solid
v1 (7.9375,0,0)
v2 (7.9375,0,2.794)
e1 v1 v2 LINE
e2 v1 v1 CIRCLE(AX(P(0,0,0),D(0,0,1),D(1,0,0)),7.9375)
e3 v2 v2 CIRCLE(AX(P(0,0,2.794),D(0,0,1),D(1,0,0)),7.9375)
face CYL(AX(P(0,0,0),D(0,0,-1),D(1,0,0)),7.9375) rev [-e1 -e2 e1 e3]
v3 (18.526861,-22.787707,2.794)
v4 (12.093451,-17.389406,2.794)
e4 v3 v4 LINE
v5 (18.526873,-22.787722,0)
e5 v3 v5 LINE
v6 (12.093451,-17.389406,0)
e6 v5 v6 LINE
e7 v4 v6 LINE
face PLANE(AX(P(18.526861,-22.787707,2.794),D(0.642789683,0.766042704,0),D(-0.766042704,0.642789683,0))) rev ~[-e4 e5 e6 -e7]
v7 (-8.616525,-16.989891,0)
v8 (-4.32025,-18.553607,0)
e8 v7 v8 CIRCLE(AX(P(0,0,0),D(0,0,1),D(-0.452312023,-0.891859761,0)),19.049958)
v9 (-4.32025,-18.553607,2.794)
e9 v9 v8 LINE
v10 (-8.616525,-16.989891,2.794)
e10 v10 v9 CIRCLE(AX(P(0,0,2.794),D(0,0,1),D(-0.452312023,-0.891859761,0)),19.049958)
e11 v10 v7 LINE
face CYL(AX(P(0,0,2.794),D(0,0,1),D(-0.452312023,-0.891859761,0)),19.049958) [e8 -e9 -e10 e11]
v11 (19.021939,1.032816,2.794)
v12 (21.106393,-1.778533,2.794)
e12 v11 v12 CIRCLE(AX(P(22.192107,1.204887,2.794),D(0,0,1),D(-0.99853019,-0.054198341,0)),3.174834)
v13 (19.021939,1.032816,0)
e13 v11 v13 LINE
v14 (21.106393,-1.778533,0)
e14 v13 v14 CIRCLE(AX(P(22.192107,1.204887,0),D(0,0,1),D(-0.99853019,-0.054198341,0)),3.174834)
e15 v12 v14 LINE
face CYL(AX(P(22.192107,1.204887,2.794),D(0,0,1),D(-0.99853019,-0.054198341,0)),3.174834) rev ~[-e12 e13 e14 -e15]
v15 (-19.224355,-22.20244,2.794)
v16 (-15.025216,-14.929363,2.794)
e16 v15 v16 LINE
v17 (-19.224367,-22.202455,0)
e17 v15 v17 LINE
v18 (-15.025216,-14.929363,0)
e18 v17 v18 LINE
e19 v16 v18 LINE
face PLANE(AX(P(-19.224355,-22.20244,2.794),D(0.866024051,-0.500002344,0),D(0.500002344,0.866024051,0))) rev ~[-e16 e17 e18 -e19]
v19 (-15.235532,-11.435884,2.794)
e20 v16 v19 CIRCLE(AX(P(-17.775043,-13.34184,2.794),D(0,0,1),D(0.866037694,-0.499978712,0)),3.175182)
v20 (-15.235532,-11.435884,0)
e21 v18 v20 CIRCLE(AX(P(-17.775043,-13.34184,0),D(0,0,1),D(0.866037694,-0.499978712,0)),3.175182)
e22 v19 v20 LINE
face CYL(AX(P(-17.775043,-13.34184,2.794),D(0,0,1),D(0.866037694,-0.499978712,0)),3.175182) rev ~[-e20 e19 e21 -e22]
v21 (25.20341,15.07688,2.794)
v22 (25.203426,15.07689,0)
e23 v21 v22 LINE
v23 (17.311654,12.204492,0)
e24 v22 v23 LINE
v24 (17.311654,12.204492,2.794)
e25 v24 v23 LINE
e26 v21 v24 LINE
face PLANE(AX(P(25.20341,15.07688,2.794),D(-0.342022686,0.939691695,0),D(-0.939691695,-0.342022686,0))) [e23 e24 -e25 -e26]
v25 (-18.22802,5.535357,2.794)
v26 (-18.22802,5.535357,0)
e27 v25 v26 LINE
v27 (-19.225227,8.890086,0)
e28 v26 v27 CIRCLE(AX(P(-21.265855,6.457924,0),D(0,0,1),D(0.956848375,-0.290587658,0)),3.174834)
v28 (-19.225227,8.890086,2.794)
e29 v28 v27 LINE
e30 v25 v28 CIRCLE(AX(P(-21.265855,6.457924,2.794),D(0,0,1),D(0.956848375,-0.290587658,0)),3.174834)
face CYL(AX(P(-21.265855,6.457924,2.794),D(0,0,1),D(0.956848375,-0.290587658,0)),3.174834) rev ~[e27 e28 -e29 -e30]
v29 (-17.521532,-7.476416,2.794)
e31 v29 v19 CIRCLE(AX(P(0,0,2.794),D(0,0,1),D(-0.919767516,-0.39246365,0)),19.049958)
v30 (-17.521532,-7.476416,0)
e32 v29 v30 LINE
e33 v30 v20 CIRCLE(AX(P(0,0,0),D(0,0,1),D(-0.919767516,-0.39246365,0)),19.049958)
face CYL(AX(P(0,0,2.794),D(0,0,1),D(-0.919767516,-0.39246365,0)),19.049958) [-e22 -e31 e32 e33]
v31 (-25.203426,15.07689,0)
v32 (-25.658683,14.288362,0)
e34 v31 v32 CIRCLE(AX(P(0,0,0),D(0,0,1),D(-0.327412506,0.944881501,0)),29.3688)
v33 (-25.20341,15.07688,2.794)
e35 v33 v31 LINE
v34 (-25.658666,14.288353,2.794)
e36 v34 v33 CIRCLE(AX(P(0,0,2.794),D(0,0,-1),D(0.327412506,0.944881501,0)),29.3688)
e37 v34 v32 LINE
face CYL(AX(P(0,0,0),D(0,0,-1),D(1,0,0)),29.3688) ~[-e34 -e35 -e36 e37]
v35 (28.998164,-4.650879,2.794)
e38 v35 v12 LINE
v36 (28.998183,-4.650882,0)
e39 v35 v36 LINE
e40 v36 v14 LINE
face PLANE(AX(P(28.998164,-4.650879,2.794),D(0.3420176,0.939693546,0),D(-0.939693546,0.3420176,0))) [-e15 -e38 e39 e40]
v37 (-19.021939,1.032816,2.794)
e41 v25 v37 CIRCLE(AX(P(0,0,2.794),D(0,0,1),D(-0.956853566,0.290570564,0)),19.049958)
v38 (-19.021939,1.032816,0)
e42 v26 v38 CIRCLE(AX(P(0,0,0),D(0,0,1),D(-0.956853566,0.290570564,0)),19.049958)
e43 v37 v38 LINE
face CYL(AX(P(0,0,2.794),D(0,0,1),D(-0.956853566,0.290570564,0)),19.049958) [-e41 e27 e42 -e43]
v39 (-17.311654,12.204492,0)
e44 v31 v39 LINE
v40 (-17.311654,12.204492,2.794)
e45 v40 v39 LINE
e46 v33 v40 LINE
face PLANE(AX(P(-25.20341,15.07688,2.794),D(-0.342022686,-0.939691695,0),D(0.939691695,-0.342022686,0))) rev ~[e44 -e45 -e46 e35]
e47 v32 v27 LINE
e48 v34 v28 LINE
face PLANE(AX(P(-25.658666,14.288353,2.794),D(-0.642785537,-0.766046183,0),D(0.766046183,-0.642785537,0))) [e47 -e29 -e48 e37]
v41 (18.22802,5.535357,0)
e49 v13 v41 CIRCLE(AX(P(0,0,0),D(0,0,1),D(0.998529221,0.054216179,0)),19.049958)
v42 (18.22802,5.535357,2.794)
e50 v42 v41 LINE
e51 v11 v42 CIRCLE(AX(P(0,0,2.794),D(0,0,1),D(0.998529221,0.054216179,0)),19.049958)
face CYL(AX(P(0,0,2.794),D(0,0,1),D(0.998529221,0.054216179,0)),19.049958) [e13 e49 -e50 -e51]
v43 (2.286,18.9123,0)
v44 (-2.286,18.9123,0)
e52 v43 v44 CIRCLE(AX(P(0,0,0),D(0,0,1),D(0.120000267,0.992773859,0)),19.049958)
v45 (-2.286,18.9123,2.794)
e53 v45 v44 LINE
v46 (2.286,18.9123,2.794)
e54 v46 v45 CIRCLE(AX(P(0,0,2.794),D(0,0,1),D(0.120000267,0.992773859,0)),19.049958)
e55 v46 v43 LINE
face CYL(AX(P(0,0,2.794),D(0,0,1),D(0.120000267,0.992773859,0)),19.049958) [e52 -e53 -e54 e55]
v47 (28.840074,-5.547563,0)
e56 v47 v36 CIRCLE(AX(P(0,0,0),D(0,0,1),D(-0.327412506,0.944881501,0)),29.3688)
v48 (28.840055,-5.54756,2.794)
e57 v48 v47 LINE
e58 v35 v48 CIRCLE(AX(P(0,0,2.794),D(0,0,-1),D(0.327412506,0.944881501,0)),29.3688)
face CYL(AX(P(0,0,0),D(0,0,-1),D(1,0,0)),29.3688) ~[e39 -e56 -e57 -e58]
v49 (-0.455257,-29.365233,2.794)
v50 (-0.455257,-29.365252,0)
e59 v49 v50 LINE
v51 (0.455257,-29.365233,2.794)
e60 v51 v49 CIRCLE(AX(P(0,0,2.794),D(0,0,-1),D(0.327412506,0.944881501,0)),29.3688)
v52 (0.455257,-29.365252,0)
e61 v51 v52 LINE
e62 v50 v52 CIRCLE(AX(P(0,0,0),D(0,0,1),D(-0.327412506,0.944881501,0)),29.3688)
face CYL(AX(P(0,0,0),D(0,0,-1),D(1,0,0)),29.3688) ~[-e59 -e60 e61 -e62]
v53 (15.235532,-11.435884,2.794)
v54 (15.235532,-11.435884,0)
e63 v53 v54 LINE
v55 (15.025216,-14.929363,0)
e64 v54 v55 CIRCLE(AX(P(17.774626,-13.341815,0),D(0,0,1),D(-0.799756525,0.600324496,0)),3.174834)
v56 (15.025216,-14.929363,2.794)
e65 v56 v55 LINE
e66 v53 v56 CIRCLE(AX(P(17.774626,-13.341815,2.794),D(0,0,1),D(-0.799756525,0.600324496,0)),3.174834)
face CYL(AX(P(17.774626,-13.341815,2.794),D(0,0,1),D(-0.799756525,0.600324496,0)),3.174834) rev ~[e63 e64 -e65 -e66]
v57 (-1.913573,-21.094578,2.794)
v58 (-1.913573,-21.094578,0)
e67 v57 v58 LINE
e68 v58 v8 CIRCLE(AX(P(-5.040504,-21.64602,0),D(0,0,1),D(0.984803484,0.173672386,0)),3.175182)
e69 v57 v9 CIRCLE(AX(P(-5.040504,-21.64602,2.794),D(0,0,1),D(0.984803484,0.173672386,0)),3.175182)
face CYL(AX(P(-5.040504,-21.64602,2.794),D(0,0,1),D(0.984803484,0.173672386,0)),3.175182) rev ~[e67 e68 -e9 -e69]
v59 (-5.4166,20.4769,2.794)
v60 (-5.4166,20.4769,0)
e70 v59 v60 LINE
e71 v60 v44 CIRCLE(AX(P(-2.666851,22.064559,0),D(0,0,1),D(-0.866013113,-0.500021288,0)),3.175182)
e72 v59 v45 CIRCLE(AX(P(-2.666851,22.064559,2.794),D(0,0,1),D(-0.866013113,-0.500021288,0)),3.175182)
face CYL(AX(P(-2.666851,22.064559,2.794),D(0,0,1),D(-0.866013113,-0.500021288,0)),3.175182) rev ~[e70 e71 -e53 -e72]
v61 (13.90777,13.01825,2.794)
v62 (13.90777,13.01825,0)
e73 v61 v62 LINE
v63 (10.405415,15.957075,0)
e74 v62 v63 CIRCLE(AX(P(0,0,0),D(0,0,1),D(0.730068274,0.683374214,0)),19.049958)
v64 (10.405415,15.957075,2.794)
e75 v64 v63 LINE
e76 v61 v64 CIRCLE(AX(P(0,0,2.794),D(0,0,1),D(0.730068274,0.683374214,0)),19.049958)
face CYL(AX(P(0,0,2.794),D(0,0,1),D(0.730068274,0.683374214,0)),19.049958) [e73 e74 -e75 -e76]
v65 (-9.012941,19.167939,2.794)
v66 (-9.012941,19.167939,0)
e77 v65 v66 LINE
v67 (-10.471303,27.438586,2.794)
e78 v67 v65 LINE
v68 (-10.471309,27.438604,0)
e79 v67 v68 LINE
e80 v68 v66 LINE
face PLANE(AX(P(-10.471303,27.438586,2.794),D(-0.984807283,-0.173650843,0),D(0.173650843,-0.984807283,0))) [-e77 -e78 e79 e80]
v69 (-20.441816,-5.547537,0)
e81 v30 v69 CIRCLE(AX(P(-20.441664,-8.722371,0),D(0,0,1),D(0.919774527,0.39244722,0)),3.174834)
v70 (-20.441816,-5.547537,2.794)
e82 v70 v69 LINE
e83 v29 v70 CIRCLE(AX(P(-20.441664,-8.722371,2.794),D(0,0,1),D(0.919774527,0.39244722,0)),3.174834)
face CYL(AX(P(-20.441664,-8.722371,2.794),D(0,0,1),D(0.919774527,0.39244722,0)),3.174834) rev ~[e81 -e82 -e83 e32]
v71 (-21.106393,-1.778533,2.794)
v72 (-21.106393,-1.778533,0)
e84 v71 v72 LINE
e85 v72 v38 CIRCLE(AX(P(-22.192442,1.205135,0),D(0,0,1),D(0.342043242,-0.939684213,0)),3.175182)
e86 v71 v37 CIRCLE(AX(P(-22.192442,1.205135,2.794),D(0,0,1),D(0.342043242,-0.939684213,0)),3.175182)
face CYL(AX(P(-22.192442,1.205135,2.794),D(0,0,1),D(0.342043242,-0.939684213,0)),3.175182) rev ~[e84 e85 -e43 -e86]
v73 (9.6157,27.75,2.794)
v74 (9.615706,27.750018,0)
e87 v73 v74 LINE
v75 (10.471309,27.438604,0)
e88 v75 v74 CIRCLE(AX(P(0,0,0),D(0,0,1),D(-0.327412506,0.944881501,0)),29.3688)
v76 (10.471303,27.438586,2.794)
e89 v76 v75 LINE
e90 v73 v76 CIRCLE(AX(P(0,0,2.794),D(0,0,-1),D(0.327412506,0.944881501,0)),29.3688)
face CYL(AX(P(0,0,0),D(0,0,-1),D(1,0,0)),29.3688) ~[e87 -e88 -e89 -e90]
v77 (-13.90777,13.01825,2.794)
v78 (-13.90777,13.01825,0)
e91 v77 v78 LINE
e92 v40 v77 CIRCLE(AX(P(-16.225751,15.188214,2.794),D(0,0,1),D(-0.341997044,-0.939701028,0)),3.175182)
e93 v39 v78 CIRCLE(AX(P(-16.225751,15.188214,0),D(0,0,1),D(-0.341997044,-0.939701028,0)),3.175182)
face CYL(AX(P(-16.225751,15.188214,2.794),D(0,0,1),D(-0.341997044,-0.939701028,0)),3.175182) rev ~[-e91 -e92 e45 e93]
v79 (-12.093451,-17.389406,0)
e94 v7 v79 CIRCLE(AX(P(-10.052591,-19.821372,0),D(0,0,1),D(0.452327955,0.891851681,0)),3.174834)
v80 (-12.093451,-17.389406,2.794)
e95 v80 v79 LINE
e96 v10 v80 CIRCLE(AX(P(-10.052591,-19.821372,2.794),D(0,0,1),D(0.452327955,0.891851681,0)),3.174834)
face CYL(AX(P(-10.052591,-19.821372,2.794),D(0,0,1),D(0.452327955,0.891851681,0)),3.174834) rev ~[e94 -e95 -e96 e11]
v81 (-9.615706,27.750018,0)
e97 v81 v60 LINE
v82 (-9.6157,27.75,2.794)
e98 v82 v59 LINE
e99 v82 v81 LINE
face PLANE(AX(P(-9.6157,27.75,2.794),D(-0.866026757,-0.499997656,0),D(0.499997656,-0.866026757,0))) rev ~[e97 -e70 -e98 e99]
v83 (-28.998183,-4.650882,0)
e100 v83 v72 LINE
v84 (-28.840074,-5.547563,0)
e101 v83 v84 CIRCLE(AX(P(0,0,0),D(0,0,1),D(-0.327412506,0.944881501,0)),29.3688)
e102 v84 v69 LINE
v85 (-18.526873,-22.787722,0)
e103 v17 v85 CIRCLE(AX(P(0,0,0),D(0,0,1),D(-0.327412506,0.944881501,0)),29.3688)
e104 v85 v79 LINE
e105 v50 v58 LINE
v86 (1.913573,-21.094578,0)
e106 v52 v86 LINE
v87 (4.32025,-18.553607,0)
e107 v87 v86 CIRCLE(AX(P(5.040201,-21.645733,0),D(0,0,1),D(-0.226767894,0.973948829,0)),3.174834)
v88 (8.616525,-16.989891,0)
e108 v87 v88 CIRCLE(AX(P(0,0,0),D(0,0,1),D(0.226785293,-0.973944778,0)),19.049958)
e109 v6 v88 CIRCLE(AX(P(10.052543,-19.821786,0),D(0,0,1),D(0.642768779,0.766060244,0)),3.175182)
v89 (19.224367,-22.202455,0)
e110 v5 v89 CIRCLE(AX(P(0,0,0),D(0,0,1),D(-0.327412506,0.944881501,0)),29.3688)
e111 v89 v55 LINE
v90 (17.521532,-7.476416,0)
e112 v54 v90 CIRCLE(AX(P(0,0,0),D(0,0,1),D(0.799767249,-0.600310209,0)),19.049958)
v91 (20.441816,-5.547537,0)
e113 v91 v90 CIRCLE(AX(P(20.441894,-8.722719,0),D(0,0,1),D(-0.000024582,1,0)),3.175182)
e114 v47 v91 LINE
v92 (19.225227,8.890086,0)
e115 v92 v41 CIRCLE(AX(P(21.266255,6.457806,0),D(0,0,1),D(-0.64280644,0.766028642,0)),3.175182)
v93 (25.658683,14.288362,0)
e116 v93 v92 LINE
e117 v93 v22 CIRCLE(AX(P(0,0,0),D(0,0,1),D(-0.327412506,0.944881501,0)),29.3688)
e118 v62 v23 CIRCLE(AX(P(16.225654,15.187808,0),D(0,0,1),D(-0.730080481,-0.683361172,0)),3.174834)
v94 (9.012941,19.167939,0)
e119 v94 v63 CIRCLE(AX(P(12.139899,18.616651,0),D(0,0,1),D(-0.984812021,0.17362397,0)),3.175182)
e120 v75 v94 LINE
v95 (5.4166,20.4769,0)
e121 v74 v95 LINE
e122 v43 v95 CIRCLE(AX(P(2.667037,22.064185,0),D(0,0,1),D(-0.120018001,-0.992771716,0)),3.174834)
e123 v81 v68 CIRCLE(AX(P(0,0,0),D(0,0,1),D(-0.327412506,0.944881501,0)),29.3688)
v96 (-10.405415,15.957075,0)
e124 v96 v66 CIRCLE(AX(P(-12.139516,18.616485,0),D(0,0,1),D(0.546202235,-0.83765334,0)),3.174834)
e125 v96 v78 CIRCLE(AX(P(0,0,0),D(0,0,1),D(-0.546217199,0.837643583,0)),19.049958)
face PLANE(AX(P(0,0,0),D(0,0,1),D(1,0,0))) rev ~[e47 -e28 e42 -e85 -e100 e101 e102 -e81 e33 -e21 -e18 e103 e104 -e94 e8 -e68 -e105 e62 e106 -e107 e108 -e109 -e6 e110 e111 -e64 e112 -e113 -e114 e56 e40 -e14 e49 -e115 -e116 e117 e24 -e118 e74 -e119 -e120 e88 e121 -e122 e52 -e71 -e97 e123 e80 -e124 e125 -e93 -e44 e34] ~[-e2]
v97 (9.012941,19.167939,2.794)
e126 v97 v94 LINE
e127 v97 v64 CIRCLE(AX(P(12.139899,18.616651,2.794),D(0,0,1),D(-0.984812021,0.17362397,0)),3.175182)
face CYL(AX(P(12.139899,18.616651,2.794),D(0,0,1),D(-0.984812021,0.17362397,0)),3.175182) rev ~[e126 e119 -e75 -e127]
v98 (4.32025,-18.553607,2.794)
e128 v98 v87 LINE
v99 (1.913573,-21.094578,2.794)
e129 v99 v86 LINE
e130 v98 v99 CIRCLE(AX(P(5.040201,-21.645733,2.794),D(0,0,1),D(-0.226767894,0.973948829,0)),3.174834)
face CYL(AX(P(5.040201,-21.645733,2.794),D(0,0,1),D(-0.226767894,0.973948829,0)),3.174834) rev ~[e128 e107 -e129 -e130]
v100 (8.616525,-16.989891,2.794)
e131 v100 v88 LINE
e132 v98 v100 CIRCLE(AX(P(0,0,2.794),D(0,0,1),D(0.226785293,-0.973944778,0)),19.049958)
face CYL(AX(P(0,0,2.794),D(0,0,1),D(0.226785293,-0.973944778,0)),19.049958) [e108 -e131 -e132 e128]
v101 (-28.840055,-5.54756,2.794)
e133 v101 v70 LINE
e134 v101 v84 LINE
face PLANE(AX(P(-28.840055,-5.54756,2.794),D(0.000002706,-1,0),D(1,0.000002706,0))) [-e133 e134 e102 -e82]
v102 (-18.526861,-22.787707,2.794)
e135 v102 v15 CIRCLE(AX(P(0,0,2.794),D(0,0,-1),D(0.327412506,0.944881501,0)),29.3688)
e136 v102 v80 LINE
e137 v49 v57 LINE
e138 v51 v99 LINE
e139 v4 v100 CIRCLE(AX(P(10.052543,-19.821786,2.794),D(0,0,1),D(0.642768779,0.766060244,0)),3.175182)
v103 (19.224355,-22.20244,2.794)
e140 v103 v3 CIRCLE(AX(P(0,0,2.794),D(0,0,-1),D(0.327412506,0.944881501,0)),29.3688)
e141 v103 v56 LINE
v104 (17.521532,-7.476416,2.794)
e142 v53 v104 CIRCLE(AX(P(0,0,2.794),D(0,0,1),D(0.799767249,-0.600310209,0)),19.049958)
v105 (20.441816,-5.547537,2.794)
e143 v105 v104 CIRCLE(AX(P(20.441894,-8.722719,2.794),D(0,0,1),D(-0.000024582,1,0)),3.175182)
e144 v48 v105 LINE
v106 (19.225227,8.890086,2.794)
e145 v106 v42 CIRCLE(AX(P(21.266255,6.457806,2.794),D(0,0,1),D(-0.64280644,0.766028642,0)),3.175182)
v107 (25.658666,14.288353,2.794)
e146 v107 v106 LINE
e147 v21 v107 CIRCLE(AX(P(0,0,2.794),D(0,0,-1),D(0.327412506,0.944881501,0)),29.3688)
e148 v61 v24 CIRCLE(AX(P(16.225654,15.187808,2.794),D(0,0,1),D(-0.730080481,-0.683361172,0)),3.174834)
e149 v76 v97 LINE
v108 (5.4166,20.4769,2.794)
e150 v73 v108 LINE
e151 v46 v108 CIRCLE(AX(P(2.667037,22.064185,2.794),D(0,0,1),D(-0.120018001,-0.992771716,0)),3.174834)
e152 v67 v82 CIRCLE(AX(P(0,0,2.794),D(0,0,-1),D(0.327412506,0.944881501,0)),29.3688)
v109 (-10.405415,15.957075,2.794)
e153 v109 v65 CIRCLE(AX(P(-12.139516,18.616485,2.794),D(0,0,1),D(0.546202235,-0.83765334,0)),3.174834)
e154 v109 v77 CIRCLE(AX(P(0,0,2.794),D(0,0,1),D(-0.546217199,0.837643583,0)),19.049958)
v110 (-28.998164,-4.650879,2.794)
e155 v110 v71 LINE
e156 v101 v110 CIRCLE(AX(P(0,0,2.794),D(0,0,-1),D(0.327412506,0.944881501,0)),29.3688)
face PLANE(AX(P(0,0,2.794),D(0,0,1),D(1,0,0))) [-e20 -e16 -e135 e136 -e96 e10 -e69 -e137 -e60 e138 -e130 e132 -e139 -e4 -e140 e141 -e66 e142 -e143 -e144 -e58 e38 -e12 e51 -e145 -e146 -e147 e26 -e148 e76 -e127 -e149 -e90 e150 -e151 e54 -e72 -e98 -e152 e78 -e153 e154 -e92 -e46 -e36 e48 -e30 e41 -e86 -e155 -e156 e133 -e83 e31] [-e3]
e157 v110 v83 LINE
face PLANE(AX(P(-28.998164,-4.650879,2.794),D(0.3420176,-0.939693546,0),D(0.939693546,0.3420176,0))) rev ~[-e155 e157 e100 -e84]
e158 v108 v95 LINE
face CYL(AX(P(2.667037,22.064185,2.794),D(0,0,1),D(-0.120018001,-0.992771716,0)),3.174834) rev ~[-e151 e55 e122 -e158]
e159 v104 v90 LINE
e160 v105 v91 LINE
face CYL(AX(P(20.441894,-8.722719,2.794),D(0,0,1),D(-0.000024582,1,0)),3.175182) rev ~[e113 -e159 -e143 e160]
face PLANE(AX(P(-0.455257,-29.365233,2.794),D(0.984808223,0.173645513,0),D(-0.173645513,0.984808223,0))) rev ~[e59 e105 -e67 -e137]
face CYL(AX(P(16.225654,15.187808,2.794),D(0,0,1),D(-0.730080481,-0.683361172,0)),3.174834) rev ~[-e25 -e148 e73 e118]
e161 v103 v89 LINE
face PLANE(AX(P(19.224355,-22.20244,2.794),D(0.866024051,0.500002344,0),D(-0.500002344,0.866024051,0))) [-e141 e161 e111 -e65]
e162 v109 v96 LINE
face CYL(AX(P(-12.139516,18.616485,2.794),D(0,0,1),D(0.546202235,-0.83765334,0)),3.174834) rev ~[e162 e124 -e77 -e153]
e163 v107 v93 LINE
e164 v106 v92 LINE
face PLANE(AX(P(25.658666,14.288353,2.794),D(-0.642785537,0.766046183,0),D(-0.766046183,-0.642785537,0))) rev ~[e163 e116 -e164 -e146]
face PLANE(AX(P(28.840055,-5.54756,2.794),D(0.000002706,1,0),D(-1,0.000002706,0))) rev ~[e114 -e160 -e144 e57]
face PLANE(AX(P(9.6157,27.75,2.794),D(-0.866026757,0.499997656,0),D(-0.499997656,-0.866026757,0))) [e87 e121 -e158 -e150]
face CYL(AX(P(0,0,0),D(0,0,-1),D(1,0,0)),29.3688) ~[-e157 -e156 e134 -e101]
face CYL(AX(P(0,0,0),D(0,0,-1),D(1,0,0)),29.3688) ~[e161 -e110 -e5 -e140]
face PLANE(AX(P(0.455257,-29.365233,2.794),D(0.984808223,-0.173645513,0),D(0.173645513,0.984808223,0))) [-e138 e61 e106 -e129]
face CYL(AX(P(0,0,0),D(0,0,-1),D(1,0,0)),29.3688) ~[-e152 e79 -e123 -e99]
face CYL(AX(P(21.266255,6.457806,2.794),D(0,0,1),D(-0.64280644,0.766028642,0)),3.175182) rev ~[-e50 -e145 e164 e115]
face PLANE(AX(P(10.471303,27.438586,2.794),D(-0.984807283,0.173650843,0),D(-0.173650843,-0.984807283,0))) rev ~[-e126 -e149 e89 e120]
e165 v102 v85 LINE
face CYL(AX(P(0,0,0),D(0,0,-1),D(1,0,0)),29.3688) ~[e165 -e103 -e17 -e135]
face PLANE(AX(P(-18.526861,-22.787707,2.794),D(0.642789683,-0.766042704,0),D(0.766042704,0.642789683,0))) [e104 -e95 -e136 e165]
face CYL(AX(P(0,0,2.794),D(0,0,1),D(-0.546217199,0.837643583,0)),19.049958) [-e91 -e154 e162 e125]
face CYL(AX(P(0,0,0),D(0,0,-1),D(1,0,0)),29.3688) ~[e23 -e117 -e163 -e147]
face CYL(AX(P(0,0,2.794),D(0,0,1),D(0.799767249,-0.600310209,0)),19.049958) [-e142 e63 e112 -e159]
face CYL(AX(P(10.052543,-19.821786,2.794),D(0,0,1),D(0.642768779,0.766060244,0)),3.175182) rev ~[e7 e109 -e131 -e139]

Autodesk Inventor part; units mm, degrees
ref_plane "YZ Plane" through (0, 0, 0) normal (1, 0, 0) x (0, 1, 0)
ref_plane "XZ Plane" through (0, 0, 0) normal (0, 1, 0) x (-1, 0, 0)
ref_plane "XY Plane" through (0, 0, 0) normal (0, 0, 1) x (1, 0, 0)
sketch "Sketch1" plane through (0, 0, 0) normal (0, 0, 1) x (1, 0, 0)
  line L0 (27.5881, 10.0556) -> (27.8558, 9.3368) construction
  line L1 (27.8558, 9.3368) -> (21.3609, 5.6433) construction
  arc A0 (21.3609, 5.6433) -> (19.6075, 2.6357) centre (22.5174, 2.9541) ccw construction
  arc A1 (19.529, -3.031) -> (19.6075, 2.6357) centre (-6.8308, 0.1684) ccw construction
  arc A2 (19.529, -3.031) -> (21.1242, -6.2153) centre (22.4904, -3.5391) ccw construction
  line L2 (27.6234, -9.961) -> (21.1242, -6.2153) construction
  line L3 (27.6234, -9.961) -> (27.3665, -10.6837) construction
  line L4 (14.515, -25.5221) -> (13.8537, -25.9105)
  circle A3 centre (0, 0) radius 7.9375
  circle A4 centre (0, 0) radius 29.3688
  point P0 (27.495, -10.3223)
  point P1 (27.722, 9.6962)
  dimension "d0" = 15.875
  dimension "d1" = 26.5532
  dimension "d2" = 58.7375
extrude "Extrusion1" add sketch "Sketch1" along normal blind 2.794
sketch "Sketch2" plane through (0, 0, 2.794) normal (0, 0, 1) x (1, 0, 0)
  line L0 (-9.6157, 27.75) -> (-5.4166, 20.4769)
  arc A0 (-5.4166, 20.4769) -> (-2.286, 18.9123) centre (-2.667, 22.0644) ccw
  arc A1 (2.286, 18.9123) -> (5.4166, 20.4769) centre (2.667, 22.0644) ccw
  line L1 (9.6157, 27.75) -> (5.4166, 20.4769)
  line L2 (0, 0) -> (0, 29.4775) construction
  arc A2 (2.286, 18.9123) -> (-2.286, 18.9123) centre (0, 0) ccw
  circle A3 centre (0, 0) radius 29.3687 projected
  dimension "d8" = 60
  dimension "d9" = 19.05
  dimension "d10" = 3.175
  dimension "d11" = 5.334
extrude "Extrusion2" cut sketch "Sketch2" against normal through all contours A3 L1 A1 A2 A0 L0 picked at (0.2545, 25.8031)
pattern_circular "Circular Pattern1" count 9 over 360 about axis through (0, 0, 0) along (0, 0, 1) of "Extrusion2"
properties part number "ROLLER,5"
